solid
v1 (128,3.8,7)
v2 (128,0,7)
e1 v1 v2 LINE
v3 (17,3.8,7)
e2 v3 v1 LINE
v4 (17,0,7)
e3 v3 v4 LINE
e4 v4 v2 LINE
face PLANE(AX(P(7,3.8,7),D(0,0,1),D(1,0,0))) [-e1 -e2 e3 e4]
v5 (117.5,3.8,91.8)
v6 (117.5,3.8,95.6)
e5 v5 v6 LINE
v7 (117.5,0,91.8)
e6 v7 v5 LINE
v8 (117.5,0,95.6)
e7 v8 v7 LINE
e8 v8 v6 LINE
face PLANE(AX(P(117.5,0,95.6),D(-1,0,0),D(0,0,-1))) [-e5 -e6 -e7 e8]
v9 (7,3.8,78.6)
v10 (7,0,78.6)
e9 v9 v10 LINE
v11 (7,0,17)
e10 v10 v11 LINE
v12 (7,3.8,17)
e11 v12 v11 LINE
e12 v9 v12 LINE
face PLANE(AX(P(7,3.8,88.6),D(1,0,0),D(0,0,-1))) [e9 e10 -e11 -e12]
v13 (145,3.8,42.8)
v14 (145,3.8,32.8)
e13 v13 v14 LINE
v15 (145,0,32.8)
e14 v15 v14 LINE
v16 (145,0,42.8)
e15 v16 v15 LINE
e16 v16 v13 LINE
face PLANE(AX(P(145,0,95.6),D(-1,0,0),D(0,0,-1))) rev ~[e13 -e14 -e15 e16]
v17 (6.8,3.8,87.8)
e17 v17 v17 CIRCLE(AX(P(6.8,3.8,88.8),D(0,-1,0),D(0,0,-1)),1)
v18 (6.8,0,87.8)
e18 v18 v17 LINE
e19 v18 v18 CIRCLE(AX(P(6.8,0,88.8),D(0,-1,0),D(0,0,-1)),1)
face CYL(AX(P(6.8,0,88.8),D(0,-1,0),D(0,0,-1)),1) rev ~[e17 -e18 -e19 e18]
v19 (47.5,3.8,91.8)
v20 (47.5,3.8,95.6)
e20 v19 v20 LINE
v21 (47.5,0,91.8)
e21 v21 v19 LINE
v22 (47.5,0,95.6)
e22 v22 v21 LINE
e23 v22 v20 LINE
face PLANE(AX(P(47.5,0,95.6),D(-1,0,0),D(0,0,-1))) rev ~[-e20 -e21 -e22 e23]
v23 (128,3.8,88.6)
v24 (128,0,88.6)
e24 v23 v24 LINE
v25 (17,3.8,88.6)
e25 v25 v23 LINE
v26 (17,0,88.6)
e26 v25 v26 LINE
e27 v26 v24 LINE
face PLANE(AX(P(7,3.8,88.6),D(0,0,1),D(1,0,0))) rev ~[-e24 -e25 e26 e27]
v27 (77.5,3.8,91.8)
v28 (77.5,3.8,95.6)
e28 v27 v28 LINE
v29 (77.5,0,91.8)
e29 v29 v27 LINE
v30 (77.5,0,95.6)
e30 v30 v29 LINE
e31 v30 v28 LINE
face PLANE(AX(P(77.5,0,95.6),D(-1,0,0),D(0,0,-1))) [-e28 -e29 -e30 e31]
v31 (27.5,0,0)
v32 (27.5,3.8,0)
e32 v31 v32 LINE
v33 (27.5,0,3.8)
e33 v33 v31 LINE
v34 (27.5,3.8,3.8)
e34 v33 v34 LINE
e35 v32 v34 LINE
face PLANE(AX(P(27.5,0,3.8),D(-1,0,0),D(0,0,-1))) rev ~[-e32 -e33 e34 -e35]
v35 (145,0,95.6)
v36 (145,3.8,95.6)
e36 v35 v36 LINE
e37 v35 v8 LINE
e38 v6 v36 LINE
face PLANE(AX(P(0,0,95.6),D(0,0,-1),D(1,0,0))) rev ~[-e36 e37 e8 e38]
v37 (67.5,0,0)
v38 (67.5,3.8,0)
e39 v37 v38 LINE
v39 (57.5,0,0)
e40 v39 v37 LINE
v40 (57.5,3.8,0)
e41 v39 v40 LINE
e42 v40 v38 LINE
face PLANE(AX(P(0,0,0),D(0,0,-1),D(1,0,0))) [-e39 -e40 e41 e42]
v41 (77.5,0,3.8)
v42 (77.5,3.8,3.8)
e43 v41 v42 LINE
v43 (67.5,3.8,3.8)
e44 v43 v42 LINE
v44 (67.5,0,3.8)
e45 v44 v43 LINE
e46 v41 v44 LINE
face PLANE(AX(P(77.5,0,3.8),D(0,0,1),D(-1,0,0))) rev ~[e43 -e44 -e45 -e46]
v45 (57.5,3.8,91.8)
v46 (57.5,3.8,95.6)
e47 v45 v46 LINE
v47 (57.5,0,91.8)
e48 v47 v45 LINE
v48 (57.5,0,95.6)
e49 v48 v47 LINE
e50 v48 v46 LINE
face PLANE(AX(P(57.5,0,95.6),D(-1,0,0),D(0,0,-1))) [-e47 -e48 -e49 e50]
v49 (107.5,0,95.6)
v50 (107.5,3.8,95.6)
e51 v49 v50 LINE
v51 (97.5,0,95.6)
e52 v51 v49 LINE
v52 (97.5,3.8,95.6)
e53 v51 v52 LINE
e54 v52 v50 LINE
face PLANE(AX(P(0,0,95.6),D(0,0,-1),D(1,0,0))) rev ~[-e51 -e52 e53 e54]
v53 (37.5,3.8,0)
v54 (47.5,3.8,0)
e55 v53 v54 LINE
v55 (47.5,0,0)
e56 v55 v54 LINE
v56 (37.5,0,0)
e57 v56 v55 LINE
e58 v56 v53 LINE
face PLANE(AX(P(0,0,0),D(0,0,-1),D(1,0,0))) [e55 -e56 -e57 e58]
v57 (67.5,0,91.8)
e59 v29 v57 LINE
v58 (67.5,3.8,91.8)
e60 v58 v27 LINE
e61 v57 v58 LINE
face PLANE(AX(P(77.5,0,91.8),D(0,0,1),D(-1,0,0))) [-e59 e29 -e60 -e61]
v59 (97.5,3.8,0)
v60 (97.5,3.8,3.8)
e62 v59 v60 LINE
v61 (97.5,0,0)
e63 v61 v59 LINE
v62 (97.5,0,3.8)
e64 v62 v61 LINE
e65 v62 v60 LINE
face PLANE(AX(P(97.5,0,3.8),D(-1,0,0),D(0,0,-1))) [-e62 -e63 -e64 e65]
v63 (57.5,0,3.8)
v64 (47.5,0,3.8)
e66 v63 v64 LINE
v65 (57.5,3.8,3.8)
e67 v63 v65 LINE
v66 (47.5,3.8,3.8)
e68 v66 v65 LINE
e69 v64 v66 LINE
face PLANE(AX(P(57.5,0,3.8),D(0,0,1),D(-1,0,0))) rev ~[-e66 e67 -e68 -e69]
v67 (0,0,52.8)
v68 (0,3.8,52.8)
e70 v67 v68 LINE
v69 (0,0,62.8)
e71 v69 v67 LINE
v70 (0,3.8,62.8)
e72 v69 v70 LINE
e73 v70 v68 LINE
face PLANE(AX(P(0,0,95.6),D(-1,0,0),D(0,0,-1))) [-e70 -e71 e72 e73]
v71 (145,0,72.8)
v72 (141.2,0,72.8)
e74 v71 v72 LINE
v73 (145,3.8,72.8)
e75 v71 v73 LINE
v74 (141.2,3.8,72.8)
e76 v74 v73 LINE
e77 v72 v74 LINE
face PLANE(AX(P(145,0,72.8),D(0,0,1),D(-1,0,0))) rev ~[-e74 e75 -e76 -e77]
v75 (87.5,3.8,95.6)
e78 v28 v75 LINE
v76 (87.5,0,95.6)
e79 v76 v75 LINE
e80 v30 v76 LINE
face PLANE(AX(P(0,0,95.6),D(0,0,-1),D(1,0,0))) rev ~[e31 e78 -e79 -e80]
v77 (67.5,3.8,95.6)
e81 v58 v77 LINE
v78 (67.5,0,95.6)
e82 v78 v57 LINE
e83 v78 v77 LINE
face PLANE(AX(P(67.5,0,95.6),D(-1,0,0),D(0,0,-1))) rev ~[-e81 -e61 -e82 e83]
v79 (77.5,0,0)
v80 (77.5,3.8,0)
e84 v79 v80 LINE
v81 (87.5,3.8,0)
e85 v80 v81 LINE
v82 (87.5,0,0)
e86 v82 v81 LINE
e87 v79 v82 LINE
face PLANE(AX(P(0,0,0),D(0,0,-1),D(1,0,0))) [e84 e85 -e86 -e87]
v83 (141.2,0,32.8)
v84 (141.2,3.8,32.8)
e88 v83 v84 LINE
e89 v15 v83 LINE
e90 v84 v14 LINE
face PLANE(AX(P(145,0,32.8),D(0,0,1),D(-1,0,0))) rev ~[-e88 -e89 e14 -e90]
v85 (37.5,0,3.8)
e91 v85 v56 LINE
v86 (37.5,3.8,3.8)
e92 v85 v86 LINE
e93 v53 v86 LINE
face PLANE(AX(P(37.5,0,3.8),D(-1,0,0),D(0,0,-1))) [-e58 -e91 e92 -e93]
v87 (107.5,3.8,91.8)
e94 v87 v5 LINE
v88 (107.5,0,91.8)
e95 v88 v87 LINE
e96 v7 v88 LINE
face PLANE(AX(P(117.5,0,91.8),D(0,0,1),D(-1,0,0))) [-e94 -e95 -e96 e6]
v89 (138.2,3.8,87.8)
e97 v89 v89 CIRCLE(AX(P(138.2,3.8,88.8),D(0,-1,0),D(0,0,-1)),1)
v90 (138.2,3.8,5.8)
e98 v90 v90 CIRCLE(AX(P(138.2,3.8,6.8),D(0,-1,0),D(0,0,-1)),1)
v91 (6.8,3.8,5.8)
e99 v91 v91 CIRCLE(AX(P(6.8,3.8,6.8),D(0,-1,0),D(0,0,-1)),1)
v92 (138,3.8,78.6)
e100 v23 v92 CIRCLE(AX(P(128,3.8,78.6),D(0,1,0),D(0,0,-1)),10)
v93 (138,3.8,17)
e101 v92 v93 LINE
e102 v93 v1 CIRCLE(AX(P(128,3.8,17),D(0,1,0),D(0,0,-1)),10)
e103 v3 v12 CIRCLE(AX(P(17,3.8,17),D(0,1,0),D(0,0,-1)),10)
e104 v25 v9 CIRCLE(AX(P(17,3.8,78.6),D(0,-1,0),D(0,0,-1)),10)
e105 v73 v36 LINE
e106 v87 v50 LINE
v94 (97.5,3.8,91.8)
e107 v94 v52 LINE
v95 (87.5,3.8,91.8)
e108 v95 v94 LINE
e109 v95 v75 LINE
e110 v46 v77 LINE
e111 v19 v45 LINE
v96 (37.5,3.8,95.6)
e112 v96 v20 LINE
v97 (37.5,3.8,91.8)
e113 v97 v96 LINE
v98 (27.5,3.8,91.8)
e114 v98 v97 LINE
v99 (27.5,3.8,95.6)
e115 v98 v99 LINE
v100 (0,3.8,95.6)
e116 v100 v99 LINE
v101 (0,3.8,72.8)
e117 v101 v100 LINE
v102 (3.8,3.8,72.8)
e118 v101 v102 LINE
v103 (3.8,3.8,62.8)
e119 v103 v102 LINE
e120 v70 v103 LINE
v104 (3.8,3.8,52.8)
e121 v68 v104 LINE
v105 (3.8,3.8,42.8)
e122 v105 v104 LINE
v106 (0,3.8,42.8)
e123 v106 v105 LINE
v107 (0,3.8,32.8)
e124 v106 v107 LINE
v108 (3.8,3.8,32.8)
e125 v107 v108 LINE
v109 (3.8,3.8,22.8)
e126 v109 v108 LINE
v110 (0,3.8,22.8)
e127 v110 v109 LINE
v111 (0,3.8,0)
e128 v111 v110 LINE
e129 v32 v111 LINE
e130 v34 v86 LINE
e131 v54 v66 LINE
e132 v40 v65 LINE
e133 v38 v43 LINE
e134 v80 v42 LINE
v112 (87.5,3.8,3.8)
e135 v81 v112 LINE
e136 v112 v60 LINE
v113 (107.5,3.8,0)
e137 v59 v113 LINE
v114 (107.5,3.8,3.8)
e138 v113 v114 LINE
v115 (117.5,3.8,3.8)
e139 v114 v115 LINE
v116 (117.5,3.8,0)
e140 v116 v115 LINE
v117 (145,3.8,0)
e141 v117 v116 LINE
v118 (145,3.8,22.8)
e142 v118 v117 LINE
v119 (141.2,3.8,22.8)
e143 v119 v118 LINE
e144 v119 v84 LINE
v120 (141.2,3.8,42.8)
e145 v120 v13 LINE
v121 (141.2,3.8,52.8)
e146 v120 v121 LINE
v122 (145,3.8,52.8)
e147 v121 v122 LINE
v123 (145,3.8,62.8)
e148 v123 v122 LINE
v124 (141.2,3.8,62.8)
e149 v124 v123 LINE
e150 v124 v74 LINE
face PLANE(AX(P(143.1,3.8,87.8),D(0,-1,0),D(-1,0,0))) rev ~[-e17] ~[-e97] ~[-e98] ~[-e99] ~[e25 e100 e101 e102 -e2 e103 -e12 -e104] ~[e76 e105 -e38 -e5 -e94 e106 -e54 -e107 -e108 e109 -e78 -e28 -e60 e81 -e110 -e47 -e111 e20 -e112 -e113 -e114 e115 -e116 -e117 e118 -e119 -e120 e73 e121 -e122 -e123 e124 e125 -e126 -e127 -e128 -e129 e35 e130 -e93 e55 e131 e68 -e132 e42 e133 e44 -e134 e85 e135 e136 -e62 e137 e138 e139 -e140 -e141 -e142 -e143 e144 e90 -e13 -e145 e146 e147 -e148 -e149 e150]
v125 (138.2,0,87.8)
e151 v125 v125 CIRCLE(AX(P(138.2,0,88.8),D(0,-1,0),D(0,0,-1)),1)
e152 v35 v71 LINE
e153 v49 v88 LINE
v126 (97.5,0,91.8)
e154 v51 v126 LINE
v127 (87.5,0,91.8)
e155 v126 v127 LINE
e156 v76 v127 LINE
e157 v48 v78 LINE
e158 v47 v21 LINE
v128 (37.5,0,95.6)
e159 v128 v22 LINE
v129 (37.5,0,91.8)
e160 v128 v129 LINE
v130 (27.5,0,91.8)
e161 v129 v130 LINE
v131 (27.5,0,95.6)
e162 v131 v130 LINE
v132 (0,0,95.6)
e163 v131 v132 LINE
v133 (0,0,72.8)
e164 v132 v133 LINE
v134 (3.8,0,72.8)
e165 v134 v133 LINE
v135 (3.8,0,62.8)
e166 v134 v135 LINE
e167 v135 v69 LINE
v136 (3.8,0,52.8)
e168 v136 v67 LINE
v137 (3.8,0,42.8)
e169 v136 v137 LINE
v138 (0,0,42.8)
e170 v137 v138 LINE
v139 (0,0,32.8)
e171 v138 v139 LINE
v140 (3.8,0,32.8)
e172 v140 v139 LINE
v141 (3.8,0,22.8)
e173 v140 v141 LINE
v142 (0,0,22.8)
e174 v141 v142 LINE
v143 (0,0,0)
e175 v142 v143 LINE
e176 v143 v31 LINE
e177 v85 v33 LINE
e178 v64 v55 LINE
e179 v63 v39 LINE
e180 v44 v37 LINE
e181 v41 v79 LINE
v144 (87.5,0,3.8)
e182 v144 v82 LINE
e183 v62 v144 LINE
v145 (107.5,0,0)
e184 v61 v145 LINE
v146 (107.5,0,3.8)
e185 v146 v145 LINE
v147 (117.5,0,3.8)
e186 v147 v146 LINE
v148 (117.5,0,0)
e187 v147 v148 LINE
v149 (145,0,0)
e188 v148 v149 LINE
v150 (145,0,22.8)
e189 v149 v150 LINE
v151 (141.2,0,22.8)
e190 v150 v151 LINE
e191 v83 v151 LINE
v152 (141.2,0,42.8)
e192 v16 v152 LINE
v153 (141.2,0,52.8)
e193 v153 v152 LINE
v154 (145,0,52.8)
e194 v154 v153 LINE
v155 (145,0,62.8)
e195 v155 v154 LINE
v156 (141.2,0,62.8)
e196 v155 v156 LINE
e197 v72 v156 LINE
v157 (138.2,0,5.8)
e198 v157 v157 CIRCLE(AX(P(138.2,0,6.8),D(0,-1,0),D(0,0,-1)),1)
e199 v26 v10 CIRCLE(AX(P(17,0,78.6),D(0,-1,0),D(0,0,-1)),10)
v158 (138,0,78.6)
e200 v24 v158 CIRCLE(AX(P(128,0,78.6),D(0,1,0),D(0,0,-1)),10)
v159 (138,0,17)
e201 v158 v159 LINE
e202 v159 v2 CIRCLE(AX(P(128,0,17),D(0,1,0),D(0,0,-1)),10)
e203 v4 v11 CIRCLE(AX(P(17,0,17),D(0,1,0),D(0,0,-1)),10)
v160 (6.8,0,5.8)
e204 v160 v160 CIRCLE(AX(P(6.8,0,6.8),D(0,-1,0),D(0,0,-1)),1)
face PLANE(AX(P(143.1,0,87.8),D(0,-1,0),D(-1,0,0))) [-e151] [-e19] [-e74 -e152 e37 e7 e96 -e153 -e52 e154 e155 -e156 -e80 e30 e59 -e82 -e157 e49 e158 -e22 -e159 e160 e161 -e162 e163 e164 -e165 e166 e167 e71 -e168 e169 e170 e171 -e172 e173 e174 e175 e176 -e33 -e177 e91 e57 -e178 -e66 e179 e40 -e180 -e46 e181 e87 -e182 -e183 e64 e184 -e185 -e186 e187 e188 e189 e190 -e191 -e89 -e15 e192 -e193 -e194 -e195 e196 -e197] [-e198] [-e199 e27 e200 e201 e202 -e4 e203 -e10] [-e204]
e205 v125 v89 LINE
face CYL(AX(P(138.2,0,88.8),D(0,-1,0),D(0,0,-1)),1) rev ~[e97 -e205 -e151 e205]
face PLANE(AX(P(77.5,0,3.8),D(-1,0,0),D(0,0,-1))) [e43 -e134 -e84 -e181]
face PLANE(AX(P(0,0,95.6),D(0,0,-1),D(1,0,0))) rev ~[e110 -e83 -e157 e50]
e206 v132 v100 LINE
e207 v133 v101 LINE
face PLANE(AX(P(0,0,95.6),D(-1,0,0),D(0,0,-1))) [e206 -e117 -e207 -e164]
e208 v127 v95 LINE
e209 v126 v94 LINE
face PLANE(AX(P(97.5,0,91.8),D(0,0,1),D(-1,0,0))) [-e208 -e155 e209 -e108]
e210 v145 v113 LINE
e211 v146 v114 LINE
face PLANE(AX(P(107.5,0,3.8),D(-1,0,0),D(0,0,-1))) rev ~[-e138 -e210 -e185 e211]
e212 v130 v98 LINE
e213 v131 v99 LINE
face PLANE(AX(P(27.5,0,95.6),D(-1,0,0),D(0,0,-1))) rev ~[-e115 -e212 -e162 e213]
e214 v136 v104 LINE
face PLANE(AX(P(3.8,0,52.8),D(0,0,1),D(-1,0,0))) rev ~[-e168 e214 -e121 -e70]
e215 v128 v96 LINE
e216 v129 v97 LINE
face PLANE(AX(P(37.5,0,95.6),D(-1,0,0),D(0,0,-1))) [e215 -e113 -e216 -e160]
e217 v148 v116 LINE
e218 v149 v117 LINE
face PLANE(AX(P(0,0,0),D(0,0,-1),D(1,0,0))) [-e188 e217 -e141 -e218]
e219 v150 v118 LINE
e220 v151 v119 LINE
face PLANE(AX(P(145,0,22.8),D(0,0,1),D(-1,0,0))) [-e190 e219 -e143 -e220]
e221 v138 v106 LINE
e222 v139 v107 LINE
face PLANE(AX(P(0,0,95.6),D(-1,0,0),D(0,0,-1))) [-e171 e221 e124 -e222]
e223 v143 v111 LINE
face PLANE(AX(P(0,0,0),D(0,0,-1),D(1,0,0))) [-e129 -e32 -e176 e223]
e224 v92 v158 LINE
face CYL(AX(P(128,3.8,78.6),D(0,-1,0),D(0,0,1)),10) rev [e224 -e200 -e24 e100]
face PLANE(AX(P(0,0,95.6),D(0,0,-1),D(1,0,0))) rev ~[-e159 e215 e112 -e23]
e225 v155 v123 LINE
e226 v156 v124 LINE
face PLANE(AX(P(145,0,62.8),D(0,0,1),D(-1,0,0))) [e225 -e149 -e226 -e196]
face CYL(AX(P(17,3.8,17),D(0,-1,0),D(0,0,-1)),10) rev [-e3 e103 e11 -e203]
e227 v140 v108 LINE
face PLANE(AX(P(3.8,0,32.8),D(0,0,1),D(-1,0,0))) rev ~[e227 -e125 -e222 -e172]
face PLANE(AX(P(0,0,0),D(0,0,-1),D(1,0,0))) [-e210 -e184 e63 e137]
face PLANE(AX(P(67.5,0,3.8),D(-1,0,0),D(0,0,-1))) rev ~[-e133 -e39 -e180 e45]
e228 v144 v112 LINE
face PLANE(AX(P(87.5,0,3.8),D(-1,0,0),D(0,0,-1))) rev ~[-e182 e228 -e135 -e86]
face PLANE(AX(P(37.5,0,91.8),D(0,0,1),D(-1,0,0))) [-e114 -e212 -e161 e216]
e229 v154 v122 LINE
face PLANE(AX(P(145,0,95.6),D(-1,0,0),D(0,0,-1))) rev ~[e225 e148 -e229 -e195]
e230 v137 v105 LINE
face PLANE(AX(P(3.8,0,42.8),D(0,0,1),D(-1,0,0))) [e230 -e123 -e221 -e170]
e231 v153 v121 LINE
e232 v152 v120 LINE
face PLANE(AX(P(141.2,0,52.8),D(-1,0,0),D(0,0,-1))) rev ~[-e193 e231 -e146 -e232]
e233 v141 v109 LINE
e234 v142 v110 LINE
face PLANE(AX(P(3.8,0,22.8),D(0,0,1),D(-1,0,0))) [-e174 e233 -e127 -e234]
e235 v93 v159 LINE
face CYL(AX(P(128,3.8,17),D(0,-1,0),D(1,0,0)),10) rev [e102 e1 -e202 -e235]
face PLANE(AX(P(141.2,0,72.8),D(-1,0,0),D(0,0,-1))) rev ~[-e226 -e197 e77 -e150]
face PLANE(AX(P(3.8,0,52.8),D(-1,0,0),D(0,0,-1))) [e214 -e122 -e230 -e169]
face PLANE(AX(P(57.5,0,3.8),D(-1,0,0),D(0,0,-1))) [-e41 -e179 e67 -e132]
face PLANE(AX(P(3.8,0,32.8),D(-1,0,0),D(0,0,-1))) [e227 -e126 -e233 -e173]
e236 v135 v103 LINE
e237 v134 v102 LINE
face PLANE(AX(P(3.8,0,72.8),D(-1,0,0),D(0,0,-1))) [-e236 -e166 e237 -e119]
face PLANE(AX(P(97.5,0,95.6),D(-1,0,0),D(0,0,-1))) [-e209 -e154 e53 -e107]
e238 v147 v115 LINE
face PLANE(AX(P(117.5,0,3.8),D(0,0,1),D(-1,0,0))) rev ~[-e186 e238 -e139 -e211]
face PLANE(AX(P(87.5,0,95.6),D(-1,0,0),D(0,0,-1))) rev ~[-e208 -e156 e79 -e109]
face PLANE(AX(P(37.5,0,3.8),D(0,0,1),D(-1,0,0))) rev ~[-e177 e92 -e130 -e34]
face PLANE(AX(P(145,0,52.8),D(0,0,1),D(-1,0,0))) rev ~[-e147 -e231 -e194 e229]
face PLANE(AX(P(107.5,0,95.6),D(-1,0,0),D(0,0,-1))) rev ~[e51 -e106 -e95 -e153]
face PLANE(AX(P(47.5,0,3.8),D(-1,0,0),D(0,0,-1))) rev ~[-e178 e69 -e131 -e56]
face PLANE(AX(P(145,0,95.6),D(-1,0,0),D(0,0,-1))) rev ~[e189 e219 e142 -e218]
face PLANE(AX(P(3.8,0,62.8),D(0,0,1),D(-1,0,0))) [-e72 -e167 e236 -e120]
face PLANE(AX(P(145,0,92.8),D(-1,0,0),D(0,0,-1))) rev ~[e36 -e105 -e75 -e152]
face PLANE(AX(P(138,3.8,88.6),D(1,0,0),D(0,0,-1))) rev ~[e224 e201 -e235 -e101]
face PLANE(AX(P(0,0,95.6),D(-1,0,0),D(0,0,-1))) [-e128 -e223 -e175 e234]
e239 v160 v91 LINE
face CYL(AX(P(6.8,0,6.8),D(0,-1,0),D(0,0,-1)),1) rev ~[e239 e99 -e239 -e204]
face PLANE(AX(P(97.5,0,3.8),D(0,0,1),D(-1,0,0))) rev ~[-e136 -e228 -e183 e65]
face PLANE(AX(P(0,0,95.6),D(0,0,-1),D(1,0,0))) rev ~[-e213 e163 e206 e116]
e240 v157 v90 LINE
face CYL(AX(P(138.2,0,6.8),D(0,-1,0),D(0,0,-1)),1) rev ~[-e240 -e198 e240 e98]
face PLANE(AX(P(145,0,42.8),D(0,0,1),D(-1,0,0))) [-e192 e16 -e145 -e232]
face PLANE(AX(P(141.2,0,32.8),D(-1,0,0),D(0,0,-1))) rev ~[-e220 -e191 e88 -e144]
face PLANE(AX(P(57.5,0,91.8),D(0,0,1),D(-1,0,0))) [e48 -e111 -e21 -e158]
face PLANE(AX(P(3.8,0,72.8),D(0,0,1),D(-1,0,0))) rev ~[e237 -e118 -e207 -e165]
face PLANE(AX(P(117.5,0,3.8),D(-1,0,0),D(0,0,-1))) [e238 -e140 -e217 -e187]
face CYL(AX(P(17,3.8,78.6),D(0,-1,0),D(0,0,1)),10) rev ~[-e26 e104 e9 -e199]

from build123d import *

# Parameters (mm, degrees)
SKETCH1_W           = 145
SKETCH1_H           = 95.6
BOSS_EXTRUDE1_DEPTH = 3.8
SKETCH2_W           = 131
SKETCH2_H           = 81.6
CUT_EXTRUDE1_DEPTH  = 174.720465116
FILLET1_R           = 10
SKETCH3_R           = 1
CUT_EXTRUDE2_DEPTH  = 174.720465116
SKETCH8_W           = 10
SKETCH8_H           = 3.8
CUT_EXTRUDE5_DEPTH  = 174.720465116
LPATTERN3_COUNT     = 4
LPATTERN3_PITCH     = 20
LPATTERN3_COL_COUNT = 4
LPATTERN3_COL_PITCH = 20
SKETCH9_W           = 3.8
SKETCH9_H           = 10
CUT_EXTRUDE6_DEPTH  = 174.720465116
LPATTERN4_COUNT     = 3
LPATTERN4_PITCH     = 20
LPATTERN4_COL_COUNT = 3
LPATTERN4_COL_PITCH = 20
SKETCH11_W          = 3.8
SKETCH11_H          = 10
SKETCH11_W_2        = 10
SKETCH11_H_2        = 3.8
BOSS_EXTRUDE4_DEPTH = 3.8


with BuildPart() as part:
    # Sketch1 → Boss-Extrude1 (new body)
    with BuildSketch(Plane(origin=(0, 0, 0), x_dir=(1, 0, 0), z_dir=(0, 1, 0))):
        with Locations((72.5, -47.8)):
            Rectangle(SKETCH1_W, SKETCH1_H)
    extrude(amount=BOSS_EXTRUDE1_DEPTH)

    # Sketch2 → Cut-Extrude1 (cut, through all)
    with BuildSketch(Plane(origin=(0, 3.8, 0), x_dir=(1, 0, 0), z_dir=(0, 1, 0))):
        with Locations((72.5, -47.8)):
            Rectangle(SKETCH2_W, SKETCH2_H)
    extrude(amount=-CUT_EXTRUDE1_DEPTH, mode=Mode.SUBTRACT)

    # Fillet1
    fillet1_edges = [part.edges().sort_by_distance(p)[0] for p in [
        (7, 1.9, 88.6),
        (7, 1.9, 7),
        (138, 1.9, 7),
        (138, 1.9, 88.6),
    ]]
    fillet(fillet1_edges, radius=FILLET1_R)

    # Sketch3 → Cut-Extrude2 (cut, through all)
    with BuildSketch(Plane.XZ):
        with Locations(Location((6.8, 88.8, 0), (0, 0, 270))):
            Circle(SKETCH3_R)
        with Locations(Location((138.2, 88.8, 0), (0, 0, 270))):
            Circle(SKETCH3_R)
        with Locations(Location((138.2, 6.8, 0), (0, 0, 270))):
            Circle(SKETCH3_R)
        with Locations(Location((6.8, 6.8, 0), (0, 0, 270))):
            Circle(SKETCH3_R)
    extrude(amount=-CUT_EXTRUDE2_DEPTH, mode=Mode.SUBTRACT)

    # Sketch8 → Cut-Extrude5 (cut, through all)
    with BuildSketch(Plane(origin=(0, 0, 0), x_dir=(-1, 0, 0), z_dir=(0, -1, 0))):
        with Locations((-72.5, -93.7)):
            Rectangle(SKETCH8_W, SKETCH8_H)
        with Locations((-72.5, -1.9)):
            Rectangle(SKETCH8_W, SKETCH8_H)
    cut_extrude5 = extrude(amount=-CUT_EXTRUDE5_DEPTH, mode=Mode.SUBTRACT)

    # LPattern3: Cut-Extrude5 ×4
    with Locations(*[(i * LPATTERN3_PITCH, 0, 0) for i in range(1, LPATTERN3_COUNT)]):
        add(cut_extrude5, mode=Mode.SUBTRACT)

    # LPattern3 col: Cut-Extrude5 ×4
    with Locations(*[(-i * LPATTERN3_COL_PITCH, 0, 0) for i in range(1, LPATTERN3_COL_COUNT)]):
        add(cut_extrude5, mode=Mode.SUBTRACT)

    # Sketch9 → Cut-Extrude6 (cut, through all)
    with BuildSketch(Plane(origin=(0, 0, 0), x_dir=(-1, 0, 0), z_dir=(0, -1, 0))):
        with Locations((-1.9, -47.8)):
            Rectangle(SKETCH9_W, SKETCH9_H)
        with Locations((-143.1, -47.8)):
            Rectangle(SKETCH9_W, SKETCH9_H)
    cut_extrude6 = extrude(amount=-CUT_EXTRUDE6_DEPTH, mode=Mode.SUBTRACT)

    # LPattern4: Cut-Extrude6 ×3
    with Locations(*[(0, 0, i * LPATTERN4_PITCH) for i in range(1, LPATTERN4_COUNT)]):
        add(cut_extrude6, mode=Mode.SUBTRACT)

    # LPattern4 col: Cut-Extrude6 ×3
    with Locations(*[(0, 0, -i * LPATTERN4_COL_PITCH) for i in range(1, LPATTERN4_COL_COUNT)]):
        add(cut_extrude6, mode=Mode.SUBTRACT)

    # Sketch11 → Boss-Extrude4 (add, through all)
    with BuildSketch(Plane(origin=(0, 0, 0), x_dir=(-1, 0, 0), z_dir=(0, -1, 0))):
        with Locations((-143.1, -87.8)):
            Rectangle(SKETCH11_W, SKETCH11_H)
        with Locations((-132.5, -93.7)):
            Rectangle(SKETCH11_W_2, SKETCH11_H_2)
        with Locations((-132.5, -1.9)):
            Rectangle(SKETCH11_W_2, SKETCH11_H_2)
        with Locations((-143.1, -7.8)):
            Rectangle(SKETCH11_W, SKETCH11_H)
        with Locations((-1.9, -7.8)):
            Rectangle(SKETCH11_W, SKETCH11_H)
        with Locations((-12.5, -1.9)):
            Rectangle(SKETCH11_W_2, SKETCH11_H_2)
        with Locations((-1.9, -87.8)):
            Rectangle(SKETCH11_W, SKETCH11_H)
        with Locations((-12.5, -93.7)):
            Rectangle(SKETCH11_W_2, SKETCH11_H_2)
    extrude(amount=-BOSS_EXTRUDE4_DEPTH)


solid = part.part
